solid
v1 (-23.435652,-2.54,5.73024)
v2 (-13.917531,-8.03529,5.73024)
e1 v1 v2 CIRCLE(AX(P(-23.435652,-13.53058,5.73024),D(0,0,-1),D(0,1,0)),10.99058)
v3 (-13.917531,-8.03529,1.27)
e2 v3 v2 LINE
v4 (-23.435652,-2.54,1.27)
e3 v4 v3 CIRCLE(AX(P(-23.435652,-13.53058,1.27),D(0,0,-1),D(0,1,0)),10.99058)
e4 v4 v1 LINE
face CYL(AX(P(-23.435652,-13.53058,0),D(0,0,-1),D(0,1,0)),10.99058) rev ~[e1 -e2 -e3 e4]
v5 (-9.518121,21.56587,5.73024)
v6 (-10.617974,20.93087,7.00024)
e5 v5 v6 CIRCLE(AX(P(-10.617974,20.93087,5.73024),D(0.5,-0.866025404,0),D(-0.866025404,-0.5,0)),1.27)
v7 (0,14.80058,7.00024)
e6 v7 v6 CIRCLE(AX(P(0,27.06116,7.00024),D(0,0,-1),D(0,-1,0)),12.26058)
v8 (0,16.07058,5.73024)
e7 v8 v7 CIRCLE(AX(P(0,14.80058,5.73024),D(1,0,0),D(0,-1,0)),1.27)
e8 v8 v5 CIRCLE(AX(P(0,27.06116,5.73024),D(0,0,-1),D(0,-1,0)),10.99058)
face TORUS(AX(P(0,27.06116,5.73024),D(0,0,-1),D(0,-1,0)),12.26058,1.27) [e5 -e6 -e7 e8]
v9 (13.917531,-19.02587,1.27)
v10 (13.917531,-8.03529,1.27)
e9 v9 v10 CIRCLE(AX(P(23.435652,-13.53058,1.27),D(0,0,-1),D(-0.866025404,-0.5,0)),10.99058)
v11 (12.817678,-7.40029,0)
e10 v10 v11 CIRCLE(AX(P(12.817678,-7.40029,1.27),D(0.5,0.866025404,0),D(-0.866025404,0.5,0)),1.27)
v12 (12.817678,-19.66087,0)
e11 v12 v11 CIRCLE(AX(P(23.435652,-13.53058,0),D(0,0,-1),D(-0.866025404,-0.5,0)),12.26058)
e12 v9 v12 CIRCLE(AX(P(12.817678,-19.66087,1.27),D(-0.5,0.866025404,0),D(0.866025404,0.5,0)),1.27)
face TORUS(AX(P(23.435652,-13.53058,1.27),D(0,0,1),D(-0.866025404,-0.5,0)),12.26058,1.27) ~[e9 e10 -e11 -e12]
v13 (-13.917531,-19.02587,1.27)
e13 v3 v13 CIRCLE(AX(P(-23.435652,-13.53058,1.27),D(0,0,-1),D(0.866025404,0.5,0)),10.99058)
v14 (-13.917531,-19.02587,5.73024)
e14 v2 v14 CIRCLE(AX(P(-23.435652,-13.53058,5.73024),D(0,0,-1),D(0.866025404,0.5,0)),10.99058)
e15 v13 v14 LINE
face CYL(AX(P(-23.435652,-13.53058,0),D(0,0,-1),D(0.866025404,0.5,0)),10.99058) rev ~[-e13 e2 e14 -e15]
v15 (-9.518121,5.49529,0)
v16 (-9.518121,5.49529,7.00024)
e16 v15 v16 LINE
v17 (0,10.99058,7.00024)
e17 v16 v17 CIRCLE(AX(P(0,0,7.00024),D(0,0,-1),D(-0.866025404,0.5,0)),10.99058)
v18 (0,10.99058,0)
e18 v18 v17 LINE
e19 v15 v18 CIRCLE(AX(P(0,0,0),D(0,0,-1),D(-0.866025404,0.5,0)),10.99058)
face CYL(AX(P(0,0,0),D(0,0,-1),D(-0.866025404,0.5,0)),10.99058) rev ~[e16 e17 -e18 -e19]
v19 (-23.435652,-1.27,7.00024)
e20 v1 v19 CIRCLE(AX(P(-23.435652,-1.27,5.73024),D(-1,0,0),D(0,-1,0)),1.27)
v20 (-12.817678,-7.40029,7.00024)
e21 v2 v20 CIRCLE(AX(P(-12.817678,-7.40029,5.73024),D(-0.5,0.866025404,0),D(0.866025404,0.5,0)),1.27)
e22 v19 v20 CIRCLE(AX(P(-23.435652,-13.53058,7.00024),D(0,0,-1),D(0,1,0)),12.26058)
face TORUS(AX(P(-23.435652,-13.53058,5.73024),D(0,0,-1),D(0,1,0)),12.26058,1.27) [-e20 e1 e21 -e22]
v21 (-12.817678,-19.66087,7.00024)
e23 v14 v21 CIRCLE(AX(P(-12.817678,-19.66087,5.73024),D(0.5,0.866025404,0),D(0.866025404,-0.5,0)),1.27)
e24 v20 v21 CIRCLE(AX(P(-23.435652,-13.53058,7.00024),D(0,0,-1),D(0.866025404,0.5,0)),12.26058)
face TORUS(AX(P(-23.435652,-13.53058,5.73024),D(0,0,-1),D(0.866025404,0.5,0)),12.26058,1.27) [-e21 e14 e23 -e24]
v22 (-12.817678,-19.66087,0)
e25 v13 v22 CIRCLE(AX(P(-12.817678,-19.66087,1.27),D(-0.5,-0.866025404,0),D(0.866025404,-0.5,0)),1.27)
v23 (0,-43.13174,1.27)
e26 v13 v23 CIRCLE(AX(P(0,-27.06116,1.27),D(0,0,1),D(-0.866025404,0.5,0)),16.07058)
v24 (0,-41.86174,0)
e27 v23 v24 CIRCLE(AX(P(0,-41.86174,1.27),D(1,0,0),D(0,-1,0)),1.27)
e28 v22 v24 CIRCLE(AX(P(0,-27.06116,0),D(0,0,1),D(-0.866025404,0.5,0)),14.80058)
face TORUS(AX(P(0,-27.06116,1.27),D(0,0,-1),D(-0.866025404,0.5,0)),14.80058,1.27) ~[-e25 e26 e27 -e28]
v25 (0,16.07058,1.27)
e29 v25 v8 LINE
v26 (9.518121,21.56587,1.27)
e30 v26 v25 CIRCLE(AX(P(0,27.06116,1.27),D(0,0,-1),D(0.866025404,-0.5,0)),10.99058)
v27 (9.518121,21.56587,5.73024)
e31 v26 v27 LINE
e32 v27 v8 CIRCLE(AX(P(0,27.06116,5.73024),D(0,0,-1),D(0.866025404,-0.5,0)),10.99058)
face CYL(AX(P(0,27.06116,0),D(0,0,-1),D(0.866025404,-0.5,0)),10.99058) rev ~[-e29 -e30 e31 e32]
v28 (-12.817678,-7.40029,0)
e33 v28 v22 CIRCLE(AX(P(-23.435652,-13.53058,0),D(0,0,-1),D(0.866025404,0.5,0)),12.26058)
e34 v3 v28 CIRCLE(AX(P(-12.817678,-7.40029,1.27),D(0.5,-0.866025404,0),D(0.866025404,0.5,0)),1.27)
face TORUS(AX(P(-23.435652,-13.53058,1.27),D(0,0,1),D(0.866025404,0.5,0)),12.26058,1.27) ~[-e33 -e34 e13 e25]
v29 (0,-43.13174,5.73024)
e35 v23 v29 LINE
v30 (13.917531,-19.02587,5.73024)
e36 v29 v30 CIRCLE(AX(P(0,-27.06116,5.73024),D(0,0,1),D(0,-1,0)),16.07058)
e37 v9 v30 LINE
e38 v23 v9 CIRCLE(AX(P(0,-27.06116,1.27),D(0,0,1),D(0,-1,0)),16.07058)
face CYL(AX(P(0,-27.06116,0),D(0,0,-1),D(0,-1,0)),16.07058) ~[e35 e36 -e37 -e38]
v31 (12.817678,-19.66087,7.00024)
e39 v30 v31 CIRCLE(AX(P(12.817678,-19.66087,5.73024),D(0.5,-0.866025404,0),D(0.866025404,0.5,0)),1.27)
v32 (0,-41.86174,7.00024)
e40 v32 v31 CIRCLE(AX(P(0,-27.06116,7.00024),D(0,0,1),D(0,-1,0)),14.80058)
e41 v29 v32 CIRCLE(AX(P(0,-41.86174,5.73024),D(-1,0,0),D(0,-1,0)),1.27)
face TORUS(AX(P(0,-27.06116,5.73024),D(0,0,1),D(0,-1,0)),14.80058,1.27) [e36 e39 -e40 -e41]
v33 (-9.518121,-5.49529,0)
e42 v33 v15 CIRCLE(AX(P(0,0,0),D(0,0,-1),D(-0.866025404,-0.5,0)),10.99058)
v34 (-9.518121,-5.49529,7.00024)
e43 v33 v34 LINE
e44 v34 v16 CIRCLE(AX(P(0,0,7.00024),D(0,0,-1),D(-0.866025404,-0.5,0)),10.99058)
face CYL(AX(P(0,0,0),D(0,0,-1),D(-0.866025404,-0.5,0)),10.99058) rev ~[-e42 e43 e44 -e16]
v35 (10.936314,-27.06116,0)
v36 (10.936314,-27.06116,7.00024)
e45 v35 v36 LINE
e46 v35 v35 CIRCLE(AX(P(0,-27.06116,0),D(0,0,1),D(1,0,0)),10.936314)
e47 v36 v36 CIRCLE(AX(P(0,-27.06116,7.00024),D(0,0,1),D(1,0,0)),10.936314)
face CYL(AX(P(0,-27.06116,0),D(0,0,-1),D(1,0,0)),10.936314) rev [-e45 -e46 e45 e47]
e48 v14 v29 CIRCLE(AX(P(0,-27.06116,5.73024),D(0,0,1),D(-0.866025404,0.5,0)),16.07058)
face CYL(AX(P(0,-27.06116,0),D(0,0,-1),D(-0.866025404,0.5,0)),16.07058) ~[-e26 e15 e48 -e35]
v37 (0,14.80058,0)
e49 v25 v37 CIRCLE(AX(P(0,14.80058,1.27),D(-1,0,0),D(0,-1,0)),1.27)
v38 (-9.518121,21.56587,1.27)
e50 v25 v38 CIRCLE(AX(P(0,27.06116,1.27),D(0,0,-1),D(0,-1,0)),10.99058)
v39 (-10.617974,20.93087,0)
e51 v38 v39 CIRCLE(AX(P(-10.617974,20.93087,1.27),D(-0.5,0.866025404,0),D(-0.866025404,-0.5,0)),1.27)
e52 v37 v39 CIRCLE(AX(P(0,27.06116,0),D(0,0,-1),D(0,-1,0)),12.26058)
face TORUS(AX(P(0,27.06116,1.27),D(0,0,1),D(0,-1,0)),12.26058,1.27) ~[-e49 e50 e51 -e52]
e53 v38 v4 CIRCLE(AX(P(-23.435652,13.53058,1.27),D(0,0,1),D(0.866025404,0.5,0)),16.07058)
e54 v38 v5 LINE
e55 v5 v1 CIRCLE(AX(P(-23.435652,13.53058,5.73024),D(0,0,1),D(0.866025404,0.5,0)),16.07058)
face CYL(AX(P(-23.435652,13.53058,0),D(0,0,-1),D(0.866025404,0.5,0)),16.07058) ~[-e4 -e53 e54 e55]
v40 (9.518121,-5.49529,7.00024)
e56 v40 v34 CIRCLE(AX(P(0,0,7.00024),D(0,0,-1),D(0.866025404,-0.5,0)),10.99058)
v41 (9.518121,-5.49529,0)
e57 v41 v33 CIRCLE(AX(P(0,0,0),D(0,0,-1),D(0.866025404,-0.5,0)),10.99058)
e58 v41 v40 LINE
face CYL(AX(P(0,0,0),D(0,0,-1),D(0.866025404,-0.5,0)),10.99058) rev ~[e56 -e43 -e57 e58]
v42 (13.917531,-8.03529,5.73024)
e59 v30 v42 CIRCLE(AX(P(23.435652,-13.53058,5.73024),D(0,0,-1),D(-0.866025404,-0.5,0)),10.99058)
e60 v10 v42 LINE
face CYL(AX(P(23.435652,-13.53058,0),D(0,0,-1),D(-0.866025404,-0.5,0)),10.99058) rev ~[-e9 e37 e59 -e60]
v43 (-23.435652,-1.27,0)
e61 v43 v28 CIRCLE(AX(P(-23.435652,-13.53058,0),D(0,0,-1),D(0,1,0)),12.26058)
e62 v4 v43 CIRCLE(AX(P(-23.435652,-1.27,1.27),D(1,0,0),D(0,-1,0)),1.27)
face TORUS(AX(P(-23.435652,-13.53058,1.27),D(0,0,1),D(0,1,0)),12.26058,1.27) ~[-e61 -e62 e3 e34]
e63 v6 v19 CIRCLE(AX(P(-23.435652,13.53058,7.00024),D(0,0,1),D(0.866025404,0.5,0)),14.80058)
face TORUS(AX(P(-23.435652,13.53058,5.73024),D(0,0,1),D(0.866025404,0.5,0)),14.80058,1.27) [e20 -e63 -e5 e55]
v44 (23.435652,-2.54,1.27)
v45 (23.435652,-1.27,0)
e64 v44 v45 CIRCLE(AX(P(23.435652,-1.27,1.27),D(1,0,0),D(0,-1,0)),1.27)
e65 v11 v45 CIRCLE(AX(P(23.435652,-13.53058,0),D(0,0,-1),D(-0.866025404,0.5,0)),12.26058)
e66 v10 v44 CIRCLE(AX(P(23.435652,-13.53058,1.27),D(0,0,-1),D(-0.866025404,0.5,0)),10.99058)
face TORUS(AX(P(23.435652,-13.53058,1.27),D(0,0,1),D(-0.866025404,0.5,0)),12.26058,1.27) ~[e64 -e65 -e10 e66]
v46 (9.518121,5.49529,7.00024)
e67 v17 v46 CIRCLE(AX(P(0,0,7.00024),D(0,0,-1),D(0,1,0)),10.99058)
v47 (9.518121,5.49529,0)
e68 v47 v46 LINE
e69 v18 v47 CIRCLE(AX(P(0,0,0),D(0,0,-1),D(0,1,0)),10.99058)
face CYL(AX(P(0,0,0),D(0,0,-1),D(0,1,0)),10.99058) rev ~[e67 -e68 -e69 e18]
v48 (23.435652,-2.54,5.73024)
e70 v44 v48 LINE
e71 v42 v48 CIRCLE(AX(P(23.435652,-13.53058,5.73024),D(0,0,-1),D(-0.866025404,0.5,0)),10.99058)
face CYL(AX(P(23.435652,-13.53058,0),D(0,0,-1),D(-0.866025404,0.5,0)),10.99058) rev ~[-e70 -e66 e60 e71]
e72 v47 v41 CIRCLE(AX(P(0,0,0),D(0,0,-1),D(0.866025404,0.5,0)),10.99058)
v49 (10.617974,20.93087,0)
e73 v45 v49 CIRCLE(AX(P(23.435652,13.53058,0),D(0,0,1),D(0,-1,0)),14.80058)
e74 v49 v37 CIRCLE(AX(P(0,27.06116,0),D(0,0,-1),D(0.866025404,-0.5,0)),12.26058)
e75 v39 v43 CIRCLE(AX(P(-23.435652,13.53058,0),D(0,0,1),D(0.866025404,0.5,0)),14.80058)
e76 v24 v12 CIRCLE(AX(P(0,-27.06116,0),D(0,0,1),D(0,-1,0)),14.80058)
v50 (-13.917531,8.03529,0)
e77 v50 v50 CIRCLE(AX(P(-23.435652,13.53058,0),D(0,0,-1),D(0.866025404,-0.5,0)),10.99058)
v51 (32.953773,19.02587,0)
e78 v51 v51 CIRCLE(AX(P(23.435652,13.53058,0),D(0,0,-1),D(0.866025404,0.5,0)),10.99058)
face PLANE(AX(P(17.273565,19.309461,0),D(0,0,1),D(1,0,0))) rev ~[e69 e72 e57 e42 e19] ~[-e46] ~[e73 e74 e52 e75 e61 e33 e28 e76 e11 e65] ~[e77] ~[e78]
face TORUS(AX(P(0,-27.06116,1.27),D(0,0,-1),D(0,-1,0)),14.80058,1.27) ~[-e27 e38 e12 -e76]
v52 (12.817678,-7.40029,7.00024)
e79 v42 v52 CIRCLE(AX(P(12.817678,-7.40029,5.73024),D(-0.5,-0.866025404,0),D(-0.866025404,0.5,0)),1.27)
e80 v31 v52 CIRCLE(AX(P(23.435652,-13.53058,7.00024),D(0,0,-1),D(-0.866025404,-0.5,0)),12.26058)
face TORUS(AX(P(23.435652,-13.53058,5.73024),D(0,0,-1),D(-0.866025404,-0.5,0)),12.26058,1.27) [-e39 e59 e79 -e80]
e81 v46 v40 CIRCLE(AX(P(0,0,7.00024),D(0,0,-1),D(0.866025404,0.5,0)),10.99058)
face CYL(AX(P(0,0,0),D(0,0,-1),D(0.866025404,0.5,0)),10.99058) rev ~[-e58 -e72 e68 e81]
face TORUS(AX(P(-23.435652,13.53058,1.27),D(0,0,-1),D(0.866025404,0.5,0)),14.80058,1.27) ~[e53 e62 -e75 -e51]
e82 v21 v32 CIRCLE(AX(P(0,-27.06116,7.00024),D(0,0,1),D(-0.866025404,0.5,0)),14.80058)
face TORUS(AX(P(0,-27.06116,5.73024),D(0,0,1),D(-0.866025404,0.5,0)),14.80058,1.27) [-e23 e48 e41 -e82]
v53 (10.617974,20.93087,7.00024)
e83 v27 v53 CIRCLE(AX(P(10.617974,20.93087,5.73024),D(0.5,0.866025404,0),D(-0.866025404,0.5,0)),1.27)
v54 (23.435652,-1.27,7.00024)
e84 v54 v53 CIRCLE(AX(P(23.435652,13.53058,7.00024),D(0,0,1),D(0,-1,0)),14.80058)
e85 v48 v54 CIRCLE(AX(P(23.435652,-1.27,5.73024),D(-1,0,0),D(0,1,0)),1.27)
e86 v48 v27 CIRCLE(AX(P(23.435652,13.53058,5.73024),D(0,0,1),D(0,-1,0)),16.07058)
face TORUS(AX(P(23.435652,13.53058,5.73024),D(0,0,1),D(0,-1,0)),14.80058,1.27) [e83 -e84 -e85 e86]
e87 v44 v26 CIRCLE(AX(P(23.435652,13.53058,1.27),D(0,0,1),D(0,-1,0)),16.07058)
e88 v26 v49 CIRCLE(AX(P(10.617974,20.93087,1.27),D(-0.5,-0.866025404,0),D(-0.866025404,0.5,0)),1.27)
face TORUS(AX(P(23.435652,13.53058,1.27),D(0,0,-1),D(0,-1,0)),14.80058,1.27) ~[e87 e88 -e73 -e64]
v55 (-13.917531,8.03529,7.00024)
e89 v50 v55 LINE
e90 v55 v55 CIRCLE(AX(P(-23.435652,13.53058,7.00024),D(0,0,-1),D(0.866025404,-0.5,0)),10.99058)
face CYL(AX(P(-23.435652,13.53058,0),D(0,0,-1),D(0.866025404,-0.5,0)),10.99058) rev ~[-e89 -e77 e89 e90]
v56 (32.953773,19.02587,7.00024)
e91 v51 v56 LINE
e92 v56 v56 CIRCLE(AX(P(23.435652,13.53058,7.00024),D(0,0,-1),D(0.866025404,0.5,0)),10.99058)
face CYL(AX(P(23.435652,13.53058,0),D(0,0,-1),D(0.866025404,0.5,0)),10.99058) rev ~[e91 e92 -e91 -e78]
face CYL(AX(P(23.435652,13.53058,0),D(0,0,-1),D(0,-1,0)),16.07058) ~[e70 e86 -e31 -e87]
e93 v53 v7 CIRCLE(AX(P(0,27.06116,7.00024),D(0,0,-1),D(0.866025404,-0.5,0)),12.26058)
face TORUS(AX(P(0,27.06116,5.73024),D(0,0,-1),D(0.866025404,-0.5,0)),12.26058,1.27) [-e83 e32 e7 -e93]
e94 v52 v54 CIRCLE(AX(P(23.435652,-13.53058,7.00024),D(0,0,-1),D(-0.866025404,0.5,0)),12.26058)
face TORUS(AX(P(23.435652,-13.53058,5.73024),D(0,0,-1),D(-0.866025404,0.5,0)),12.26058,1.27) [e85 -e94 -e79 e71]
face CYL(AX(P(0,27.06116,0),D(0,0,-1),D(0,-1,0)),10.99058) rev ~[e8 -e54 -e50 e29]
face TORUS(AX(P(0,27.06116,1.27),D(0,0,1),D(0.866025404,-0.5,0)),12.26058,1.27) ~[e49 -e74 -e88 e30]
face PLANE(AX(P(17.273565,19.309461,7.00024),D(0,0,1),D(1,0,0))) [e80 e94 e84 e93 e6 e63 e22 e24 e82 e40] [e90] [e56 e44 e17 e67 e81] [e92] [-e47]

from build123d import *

# Parameters (mm, degrees)
F0_R     = 10.9363137741
F1_DEPTH = 7.00024
F2_R     = 1.27


with BuildPart() as f1:
    # F0 (on Top) → F1 (new body)
    with BuildSketch(Plane.XY):
        with BuildLine():
            ThreePointArc((0, 10.99058), (5.49529, 9.5181214823), (9.5181214823, 5.49529))
            Line((9.5181214823, 5.49529), (13.9175305336, 8.03529))
            ThreePointArc((13.9175305336, 8.03529), (17.9403620159, 23.0487014823), (32.9537734982, 19.02587))
            Line((32.9537734982, 19.02587), (37.3531825494, 21.56587))
            ThreePointArc((37.3531825494, 21.56587), (23.4356520159, 29.60116), (9.5181214823, 21.56587))
            ThreePointArc((9.5181214823, 21.56587), (5.49529, 17.5430385177), (0, 16.07058))
            Line((0, 16.07058), (0, 10.99058))
        make_face()
        with BuildLine():
            Line((13.9175305336, 8.03529), (9.5181214823, 5.49529))
            ThreePointArc((9.5181214823, 5.49529), (10.99058, 0), (9.5181214823, -5.49529))
            Line((9.5181214823, -5.49529), (13.9175305336, -8.03529))
            ThreePointArc((13.9175305336, -8.03529), (17.9403620159, -4.0124585177), (23.4356520159, -2.54))
            ThreePointArc((23.4356520159, -2.54), (37.3531825494, 5.49529), (37.3531825494, 21.56587))
            Line((37.3531825494, 21.56587), (32.9537734982, 19.02587))
            ThreePointArc((32.9537734982, 19.02587), (28.9309420159, 4.0124585177), (13.9175305336, 8.03529))
        make_face()
        with BuildLine():
            Line((13.9175305336, -8.03529), (9.5181214823, -5.49529))
            ThreePointArc((9.5181214823, -5.49529), (0, -10.99058), (-9.5181214823, -5.49529))
            Line((-9.5181214823, -5.49529), (-13.9175305336, -8.03529))
            ThreePointArc((-13.9175305336, -8.03529), (-12.4450720159, -13.53058), (-13.9175305336, -19.02587))
            ThreePointArc((-13.9175305336, -19.02587), (-13.9175305336, -35.09645), (0, -43.13174))
            ThreePointArc((0, -43.13174), (13.9175305336, -35.09645), (13.9175305336, -19.02587))
            ThreePointArc((13.9175305336, -19.02587), (12.4450720159, -13.53058), (13.9175305336, -8.03529))
        make_face()
        with Locations((0, -27.06116)):
            Circle(F0_R, mode=Mode.SUBTRACT)
        with BuildLine():
            ThreePointArc((-9.5181214823, 5.49529), (-5.49529, 9.5181214823), (0, 10.99058))
            Line((0, 10.99058), (0, 16.07058))
            ThreePointArc((0, 16.07058), (-5.49529, 17.5430385177), (-9.5181214823, 21.56587))
            ThreePointArc((-9.5181214823, 21.56587), (-23.4356520159, 29.60116), (-37.3531825494, 21.56587))
            Line((-37.3531825494, 21.56587), (-32.9537734982, 19.02587))
            ThreePointArc((-32.9537734982, 19.02587), (-17.9403620159, 23.0487014823), (-13.9175305336, 8.03529))
            Line((-13.9175305336, 8.03529), (-9.5181214823, 5.49529))
        make_face()
        with BuildLine():
            Line((-13.9175305336, -8.03529), (-9.5181214823, -5.49529))
            ThreePointArc((-9.5181214823, -5.49529), (-10.99058, 0), (-9.5181214823, 5.49529))
            Line((-9.5181214823, 5.49529), (-13.9175305336, 8.03529))
            ThreePointArc((-13.9175305336, 8.03529), (-28.9309420159, 4.0124585177), (-32.9537734982, 19.02587))
            Line((-32.9537734982, 19.02587), (-37.3531825494, 21.56587))
            ThreePointArc((-37.3531825494, 21.56587), (-37.3531825494, 5.49529), (-23.4356520159, -2.54))
            ThreePointArc((-23.4356520159, -2.54), (-17.9403620159, -4.0124585177), (-13.9175305336, -8.03529))
        make_face()
    extrude(amount=F1_DEPTH)

    # F2
    f2_edges = [f1.edges().sort_by_distance(p)[0] for p in [
        (13.917531, -8.03529, 7.00024),
        (0, -43.13174, 7.00024),
        (-13.917531, -8.03529, 7.00024),
        (-37.353183, 21.56587, 7.00024),
        (0, 16.07058, 7.00024),
        (37.353183, 21.56587, 7.00024),
        (37.353183, 21.56587, 0),
        (13.917531, -8.03529, 0),
        (0, -43.13174, 0),
        (-13.917531, -8.03529, 0),
        (-37.353183, 21.56587, 0),
        (0, 16.07058, 0),
    ]]
    fillet(f2_edges, radius=F2_R)


solid = f1.part
